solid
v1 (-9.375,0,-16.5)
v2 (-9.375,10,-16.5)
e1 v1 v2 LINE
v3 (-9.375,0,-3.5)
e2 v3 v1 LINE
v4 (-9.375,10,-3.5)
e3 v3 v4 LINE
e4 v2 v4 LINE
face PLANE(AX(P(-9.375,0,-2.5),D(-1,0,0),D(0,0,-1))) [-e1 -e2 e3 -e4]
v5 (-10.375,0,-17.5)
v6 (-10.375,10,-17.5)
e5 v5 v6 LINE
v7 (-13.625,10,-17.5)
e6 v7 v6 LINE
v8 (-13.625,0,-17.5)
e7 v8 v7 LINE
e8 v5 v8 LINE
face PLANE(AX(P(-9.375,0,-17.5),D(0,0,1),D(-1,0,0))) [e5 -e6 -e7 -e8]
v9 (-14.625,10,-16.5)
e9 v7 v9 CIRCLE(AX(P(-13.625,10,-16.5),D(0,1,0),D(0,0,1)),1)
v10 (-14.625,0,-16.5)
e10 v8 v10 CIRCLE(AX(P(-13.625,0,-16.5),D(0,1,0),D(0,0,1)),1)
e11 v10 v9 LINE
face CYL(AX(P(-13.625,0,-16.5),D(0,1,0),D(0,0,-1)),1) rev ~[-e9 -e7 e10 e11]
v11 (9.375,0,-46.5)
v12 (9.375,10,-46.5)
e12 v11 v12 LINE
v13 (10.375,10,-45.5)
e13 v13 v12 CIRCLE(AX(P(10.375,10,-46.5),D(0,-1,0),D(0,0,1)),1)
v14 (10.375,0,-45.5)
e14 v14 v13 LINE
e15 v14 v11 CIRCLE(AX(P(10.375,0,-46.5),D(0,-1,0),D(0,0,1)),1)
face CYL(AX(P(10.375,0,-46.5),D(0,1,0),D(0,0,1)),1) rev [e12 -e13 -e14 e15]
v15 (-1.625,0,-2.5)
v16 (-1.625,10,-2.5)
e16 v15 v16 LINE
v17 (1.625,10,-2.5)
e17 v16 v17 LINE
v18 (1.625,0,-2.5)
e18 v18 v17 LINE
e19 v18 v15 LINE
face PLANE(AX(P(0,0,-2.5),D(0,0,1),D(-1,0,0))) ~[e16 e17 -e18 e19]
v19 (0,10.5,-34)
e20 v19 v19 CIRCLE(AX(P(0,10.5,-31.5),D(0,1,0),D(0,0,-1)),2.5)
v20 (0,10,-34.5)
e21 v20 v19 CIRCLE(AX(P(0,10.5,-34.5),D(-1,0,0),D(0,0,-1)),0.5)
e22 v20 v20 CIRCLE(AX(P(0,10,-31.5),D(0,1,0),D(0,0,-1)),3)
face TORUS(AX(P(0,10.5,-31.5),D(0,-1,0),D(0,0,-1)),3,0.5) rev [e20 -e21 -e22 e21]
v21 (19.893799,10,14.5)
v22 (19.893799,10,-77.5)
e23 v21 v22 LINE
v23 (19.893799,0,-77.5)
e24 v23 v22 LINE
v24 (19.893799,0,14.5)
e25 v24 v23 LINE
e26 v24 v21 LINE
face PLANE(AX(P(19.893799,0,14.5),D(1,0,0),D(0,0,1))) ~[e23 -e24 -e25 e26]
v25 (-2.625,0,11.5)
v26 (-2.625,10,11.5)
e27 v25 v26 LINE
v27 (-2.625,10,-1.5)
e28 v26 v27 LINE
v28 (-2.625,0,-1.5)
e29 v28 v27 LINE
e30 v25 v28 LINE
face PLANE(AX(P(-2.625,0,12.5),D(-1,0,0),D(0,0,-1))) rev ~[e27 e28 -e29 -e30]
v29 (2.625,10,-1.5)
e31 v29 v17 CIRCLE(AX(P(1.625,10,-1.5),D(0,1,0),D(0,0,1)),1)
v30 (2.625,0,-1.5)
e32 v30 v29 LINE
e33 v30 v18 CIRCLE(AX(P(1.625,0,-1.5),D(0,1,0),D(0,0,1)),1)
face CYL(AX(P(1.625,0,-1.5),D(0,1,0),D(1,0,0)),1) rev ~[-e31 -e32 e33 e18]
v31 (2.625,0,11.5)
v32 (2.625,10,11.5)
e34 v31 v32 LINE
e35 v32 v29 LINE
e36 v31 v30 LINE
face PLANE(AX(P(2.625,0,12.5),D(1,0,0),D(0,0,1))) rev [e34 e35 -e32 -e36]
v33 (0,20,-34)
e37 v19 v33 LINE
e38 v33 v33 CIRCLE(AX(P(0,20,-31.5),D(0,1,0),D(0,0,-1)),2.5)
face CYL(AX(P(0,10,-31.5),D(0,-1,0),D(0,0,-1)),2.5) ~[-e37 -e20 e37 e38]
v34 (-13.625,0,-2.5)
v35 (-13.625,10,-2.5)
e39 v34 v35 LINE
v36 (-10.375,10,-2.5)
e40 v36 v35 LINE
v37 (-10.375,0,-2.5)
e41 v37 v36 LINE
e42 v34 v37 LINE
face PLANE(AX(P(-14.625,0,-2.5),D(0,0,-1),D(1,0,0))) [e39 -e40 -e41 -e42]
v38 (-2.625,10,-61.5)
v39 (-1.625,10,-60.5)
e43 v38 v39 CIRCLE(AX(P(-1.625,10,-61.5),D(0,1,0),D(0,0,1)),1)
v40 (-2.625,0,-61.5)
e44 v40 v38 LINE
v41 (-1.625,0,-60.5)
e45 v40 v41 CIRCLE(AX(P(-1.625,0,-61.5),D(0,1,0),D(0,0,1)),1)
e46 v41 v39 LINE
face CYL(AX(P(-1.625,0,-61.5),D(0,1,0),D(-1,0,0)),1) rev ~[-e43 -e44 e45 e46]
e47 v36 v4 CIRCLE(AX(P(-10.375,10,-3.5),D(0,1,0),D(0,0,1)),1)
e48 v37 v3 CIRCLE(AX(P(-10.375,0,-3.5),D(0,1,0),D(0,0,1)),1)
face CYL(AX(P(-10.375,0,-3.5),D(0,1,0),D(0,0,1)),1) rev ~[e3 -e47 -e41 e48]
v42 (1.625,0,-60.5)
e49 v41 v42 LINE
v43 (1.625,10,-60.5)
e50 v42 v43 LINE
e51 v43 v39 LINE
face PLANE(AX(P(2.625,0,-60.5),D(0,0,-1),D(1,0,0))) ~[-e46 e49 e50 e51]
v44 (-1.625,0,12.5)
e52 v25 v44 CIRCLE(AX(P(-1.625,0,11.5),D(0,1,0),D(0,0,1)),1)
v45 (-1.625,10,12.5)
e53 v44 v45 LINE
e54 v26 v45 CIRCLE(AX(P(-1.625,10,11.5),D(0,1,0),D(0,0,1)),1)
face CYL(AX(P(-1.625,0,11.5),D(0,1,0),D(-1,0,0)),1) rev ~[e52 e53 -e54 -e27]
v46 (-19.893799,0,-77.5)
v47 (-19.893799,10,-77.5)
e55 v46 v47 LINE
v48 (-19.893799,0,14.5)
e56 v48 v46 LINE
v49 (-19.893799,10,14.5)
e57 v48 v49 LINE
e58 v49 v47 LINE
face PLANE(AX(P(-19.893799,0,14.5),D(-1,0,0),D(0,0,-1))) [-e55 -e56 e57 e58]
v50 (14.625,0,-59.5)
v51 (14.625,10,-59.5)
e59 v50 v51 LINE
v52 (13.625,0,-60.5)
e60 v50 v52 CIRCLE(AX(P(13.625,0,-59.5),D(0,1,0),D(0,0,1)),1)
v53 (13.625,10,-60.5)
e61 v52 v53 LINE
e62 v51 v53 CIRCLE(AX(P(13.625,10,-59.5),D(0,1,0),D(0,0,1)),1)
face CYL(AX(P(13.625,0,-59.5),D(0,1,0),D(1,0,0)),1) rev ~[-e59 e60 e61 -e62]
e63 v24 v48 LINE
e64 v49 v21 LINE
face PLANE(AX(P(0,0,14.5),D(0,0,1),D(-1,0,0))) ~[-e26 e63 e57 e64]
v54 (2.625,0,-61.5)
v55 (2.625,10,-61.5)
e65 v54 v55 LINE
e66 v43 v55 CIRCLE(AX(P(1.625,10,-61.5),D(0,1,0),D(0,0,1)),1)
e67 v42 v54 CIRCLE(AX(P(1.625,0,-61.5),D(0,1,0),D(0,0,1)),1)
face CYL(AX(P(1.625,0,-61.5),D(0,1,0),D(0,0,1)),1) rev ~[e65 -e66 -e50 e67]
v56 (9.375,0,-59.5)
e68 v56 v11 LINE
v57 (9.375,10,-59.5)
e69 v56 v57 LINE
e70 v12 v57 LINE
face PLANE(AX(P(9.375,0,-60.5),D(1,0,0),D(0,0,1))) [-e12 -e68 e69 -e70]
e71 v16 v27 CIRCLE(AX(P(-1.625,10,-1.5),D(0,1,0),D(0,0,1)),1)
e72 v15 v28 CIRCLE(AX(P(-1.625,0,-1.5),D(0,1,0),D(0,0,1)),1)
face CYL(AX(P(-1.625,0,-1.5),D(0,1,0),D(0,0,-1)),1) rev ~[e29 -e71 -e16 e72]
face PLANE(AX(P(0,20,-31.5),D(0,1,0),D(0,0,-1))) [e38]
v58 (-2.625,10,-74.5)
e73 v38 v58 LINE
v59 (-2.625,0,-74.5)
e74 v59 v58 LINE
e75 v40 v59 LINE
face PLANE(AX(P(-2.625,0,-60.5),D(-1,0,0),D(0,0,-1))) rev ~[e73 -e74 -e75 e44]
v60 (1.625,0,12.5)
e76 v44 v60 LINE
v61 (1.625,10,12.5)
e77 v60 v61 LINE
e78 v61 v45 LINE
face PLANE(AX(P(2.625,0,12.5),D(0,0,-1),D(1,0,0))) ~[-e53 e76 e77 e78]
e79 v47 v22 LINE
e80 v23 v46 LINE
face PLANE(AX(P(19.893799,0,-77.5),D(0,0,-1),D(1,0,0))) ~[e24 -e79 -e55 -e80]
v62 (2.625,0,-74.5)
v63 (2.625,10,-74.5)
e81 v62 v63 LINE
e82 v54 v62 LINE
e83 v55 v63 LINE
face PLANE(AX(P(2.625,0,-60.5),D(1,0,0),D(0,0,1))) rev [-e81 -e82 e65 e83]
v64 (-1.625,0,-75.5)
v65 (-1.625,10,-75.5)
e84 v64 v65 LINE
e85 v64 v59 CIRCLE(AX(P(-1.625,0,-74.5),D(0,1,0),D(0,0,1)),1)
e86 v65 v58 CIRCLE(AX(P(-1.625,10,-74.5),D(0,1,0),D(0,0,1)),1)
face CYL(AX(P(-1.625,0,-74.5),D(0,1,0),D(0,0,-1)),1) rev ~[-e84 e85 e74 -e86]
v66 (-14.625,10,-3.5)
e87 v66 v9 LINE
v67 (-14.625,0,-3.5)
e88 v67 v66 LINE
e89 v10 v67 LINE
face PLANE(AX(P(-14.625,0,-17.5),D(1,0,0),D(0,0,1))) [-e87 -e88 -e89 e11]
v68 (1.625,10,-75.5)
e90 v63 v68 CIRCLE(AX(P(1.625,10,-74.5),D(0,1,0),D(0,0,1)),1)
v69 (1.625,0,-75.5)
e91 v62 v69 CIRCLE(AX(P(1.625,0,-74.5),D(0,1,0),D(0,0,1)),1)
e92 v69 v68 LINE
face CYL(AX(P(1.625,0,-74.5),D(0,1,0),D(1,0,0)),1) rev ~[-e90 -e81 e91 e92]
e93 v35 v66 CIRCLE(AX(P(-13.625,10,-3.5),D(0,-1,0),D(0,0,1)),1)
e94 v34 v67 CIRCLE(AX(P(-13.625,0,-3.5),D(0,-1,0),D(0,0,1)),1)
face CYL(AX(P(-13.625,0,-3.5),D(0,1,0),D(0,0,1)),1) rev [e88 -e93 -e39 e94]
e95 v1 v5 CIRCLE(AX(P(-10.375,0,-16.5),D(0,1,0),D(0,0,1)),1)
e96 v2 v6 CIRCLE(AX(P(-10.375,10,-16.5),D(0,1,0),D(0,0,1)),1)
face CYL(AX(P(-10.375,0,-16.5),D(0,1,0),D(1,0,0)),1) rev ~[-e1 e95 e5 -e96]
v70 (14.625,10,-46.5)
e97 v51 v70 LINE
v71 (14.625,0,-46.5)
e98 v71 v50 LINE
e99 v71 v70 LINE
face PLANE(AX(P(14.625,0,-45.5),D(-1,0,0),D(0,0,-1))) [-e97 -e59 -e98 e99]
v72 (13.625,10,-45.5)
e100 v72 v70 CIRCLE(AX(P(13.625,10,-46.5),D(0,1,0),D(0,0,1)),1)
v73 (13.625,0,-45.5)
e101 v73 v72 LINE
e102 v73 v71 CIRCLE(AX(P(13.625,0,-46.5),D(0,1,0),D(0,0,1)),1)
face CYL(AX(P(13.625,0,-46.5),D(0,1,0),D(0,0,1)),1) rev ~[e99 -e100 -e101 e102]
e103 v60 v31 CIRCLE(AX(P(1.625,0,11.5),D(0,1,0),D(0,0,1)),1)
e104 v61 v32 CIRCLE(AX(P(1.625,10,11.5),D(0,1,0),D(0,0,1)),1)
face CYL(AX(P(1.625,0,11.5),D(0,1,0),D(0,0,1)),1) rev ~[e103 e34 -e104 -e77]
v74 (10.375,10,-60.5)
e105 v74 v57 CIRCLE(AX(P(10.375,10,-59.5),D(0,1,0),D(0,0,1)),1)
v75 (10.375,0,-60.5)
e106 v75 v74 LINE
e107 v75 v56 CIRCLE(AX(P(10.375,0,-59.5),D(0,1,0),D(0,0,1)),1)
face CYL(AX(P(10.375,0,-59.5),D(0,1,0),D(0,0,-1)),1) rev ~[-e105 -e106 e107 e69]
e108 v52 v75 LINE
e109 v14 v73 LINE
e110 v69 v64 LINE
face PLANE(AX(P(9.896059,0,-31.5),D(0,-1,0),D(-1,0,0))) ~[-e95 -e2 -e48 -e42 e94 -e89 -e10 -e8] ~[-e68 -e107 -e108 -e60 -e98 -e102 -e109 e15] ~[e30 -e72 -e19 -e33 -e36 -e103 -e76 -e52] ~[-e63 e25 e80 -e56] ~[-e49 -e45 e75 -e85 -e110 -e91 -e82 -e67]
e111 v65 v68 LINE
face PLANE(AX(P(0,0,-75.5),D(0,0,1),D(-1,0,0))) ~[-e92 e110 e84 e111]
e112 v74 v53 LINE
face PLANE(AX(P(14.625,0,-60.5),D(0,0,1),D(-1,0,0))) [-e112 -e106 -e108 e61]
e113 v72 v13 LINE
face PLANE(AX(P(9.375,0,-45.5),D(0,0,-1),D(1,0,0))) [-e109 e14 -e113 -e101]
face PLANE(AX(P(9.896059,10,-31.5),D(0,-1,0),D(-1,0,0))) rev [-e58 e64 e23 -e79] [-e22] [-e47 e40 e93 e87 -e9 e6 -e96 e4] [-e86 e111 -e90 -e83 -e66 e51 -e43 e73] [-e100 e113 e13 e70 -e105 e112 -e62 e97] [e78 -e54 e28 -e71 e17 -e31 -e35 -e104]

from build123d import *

# Parameters (mm, degrees)
BOSS_EXTRUDE1_DEPTH  = 10
FILLET2_R            = 1
FILLET2_OF_MIRROR1_R = 1
CUT_EXTRUDE1_DEPTH   = 81.635062113
FILLET3_R            = 1
SKETCH5_R            = 2.5
BOSS_EXTRUDE2_DEPTH  = 10
FILLET1_R            = 0.5


with BuildPart() as part:
    # Sketch2 → Boss-Extrude1 (new body)
    with BuildSketch(Plane(origin=(0, 0, 0), x_dir=(1, 0, 0), z_dir=(0, 1, 0))):
        Polygon((-19.893799085, 77.5), (0, 77.5), (0, 75.5), (-2.625, 75.5), (-2.625, 73), (-2.625, 63), (-2.625, 60.5), (0, 60.5), (0, 60.375), (0, 2.5), (-2.625, 2.5), (-2.625, 0), (-2.625, -10), (-2.625, -12.5), (0, -12.5), (0, -14.5), (-19.893799085, -14.5), align=None)
    boss_extrude1 = extrude(amount=BOSS_EXTRUDE1_DEPTH)

    # Fillet2
    fillet2_edges = [part.edges().sort_by_distance(p)[0] for p in [
        (-2.625, 5, 12.5),
        (-2.625, 5, -2.5),
        (-2.625, 5, -60.5),
        (-2.625, 5, -75.5),
    ]]
    fillet(fillet2_edges, radius=FILLET2_R)

    # Mirror1: Boss-Extrude1 across Right Plane
    add(boss_extrude1.mirror(Plane(origin=(0, 0, 0), x_dir=(0, 0, -1), z_dir=(1, 0, 0))))

    # Fillet2 of Mirror1
    fillet2_of_mirror1_edges = [part.edges().sort_by_distance(p)[0] for p in [
        (2.625, 5, 12.5),
        (2.625, 5, -2.5),
        (2.625, 5, -60.5),
        (2.625, 5, -75.5),
    ]]
    fillet(fillet2_of_mirror1_edges, radius=FILLET2_OF_MIRROR1_R)

    # Sketch4 → Cut-Extrude1 (cut, through all)
    with BuildSketch(Plane(origin=(0, 0, 0), x_dir=(1, 0, 0), z_dir=(0, 1, 0))):
        Polygon((-14.625, 15), (-14.625, 5), (-14.625, 2.5), (-12, 2.5), (-9.375, 2.5), (-9.375, 5), (-9.375, 15), (-9.375, 17.5), (-12, 17.5), (-14.625, 17.5), align=None)
        Polygon((9.375, 58), (9.375, 48), (9.375, 45.5), (12, 45.5), (14.625, 45.5), (14.625, 48), (14.625, 58), (14.625, 60.5), (12, 60.5), (9.375, 60.5), align=None)
    extrude(amount=CUT_EXTRUDE1_DEPTH, mode=Mode.SUBTRACT)

    # Fillet3
    fillet3_edges = [part.edges().sort_by_distance(p)[0] for p in [
        (-14.625, 5, -17.5),
        (-14.625, 5, -2.5),
        (-9.375, 5, -2.5),
        (-9.375, 5, -17.5),
        (14.625, 5, -60.5),
        (9.375, 5, -60.5),
        (9.375, 5, -45.5),
        (14.625, 5, -45.5),
    ]]
    fillet(fillet3_edges, radius=FILLET3_R)

    # Sketch5 → Boss-Extrude2 (add)
    with BuildSketch(Plane(origin=(0, 10, 0), x_dir=(1, 0, 0), z_dir=(0, 1, 0))):
        with Locations(Location((0, 31.5, 0), (0, 0, 90))):
            Circle(SKETCH5_R)
    extrude(amount=BOSS_EXTRUDE2_DEPTH)

    # Fillet1
    fillet1_edges = [part.edges().sort_by_distance(p)[0] for p in [
        (0, 10, -29),
    ]]
    fillet(fillet1_edges, radius=FILLET1_R)


solid = part.part
